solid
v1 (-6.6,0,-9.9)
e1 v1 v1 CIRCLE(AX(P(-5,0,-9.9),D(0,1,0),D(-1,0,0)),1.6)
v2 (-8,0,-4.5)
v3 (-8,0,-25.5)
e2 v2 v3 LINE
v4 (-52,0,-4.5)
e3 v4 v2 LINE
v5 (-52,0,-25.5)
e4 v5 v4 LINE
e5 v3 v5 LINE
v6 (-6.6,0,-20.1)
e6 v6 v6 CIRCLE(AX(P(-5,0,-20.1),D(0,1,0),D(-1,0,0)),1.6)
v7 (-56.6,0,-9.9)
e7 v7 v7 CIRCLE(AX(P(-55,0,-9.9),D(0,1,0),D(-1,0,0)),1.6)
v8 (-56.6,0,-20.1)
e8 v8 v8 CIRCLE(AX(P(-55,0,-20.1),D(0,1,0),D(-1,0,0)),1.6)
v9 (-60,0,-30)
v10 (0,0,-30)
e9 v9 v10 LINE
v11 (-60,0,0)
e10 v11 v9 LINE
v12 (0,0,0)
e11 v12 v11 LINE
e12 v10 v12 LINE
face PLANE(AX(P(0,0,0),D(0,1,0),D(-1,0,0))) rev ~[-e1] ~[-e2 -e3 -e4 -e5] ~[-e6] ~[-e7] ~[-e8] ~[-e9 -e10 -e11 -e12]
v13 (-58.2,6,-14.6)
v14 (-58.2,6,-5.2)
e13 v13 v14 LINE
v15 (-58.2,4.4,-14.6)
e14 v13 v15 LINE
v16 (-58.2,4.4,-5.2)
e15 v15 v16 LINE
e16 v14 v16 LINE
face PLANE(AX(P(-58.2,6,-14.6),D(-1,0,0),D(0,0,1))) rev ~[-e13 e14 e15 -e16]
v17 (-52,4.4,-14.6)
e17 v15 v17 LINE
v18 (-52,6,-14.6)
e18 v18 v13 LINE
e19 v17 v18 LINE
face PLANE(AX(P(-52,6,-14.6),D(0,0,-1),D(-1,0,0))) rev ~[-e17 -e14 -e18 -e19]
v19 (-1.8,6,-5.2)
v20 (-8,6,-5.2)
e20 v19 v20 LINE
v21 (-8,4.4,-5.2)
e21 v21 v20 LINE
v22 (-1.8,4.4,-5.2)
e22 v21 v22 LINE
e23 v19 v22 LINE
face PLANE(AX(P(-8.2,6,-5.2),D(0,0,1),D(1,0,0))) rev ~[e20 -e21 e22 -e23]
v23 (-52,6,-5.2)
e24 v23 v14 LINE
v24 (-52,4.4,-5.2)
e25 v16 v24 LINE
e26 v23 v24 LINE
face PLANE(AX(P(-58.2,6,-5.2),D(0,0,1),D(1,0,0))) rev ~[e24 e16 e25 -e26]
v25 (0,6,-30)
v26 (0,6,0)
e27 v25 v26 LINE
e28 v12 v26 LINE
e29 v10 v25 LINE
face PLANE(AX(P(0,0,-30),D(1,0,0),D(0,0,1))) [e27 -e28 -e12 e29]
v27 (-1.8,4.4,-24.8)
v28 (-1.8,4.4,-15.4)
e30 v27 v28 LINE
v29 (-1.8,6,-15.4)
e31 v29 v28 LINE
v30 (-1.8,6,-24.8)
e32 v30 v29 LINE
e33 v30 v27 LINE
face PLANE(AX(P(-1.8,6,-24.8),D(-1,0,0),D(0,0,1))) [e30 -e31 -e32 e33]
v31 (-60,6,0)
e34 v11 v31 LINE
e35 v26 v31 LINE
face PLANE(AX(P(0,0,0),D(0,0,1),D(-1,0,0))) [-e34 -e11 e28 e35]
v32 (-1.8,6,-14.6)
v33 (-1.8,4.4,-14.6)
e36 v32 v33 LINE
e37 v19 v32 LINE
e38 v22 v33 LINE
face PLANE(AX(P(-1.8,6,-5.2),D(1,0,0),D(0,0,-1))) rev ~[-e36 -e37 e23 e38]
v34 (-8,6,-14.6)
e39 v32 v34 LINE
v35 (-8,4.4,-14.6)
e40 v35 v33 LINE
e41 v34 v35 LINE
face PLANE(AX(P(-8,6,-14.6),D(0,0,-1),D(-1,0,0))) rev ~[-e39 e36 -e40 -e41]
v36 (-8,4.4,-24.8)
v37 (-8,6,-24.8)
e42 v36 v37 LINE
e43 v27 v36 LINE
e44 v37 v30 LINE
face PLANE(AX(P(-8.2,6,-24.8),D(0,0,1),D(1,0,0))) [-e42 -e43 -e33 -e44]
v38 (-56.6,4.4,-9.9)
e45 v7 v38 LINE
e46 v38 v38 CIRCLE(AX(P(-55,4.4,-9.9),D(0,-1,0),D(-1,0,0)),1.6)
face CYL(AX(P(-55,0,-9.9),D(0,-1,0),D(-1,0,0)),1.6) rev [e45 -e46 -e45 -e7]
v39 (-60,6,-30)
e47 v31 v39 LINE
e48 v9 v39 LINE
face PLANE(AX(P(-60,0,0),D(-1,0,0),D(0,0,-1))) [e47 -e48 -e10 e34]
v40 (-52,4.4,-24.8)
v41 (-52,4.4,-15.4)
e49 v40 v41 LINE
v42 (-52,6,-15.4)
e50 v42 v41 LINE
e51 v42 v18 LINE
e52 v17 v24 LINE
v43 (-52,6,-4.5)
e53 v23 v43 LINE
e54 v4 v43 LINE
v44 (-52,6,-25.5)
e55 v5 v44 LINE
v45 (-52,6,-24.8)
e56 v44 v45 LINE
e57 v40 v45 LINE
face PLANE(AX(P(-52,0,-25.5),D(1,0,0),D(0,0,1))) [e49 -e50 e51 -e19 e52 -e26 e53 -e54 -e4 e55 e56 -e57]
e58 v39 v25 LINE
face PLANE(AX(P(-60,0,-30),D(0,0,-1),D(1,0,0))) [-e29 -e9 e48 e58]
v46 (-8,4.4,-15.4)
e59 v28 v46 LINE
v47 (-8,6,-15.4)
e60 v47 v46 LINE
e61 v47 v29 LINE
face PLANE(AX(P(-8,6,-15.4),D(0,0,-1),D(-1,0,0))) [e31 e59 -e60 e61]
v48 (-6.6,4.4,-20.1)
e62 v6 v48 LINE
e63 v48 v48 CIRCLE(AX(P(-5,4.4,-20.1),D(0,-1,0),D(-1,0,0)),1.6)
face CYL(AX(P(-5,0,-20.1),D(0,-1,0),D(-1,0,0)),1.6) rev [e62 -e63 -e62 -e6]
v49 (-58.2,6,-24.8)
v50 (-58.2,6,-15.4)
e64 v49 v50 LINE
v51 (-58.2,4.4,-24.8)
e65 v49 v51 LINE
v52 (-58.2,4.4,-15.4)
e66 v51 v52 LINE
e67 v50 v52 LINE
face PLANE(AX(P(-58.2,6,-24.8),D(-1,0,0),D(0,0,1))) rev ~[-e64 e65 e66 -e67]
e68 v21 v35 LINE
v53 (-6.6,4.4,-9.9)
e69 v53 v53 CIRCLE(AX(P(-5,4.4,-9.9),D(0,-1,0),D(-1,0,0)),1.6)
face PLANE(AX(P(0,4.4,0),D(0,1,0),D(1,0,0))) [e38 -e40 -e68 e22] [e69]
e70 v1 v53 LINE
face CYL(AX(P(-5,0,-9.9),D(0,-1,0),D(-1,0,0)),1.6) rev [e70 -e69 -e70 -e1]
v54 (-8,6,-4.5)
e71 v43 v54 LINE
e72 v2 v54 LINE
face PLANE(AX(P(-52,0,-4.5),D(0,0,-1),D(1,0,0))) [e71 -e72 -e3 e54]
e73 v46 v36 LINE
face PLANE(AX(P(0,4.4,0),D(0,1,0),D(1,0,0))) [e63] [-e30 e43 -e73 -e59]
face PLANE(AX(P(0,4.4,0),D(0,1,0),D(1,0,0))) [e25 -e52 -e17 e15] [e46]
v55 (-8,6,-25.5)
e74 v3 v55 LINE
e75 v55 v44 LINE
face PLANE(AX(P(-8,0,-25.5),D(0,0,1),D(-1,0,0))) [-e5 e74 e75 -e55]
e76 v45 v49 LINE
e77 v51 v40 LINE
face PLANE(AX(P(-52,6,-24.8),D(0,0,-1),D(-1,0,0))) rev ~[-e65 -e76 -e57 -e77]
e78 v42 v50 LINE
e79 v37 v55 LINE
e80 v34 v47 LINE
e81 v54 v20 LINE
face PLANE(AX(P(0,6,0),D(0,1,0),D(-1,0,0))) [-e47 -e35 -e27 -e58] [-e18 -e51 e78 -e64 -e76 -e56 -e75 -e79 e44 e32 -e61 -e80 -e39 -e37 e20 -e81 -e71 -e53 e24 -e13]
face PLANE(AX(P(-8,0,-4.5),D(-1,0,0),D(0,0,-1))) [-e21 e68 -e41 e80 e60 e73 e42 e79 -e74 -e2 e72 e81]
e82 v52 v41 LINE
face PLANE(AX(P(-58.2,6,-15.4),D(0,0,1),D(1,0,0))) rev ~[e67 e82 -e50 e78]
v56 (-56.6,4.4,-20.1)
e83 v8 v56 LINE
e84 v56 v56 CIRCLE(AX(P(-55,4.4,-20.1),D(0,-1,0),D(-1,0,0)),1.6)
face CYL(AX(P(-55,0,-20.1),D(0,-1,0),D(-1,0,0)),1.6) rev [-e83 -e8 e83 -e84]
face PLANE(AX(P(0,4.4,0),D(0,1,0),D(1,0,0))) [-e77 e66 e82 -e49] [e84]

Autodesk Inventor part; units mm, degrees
ref_plane "YZ Plane" through (0, 0, 0) normal (1, 0, 0) x (0, 1, 0)
ref_plane "XZ Plane" through (0, 0, 0) normal (0, 1, 0) x (-1, 0, 0)
ref_plane "XY Plane" through (0, 0, 0) normal (0, 0, 1) x (1, 0, 0)
sketch "Sketch1" plane through (0, 0, 0) normal (0, 1, 0) x (-1, 0, 0)
  line L0 (0, 0) -> (60, 0)
  line L1 (60, 0) -> (60, -30)
  line L2 (60, -30) -> (0, -30)
  line L3 (0, -30) -> (0, 0)
  line L4 (52, -4.5) -> (8, -4.5)
  line L5 (8, -4.5) -> (8, -25.5)
  line L6 (8, -25.5) -> (52, -25.5)
  line L7 (52, -25.5) -> (52, -4.5)
  circle A0 centre (55, -9.9) radius 1.6
  circle A1 centre (55, -20.1) radius 1.6
  circle A2 centre (5, -9.9) radius 1.6
  circle A3 centre (5, -20.1) radius 1.6
  dimension "d0" = 60
  dimension "d1" = 30
  dimension "d2" = 44
  dimension "d3" = 21
  dimension "d4" = 8
  dimension "d5" = 4.5
  dimension "d6" = 3.2
  dimension "d7" = 3.2
  dimension "d8" = 5.4
  dimension "d9" = 3
  dimension "d10" = 3
  dimension "d11" = 5.4
  dimension "d12" = 3.2
  dimension "d13" = 3.2
  dimension "d15" = 5.4
  dimension "d16" = 5.4
  dimension "d47" = 3
  dimension "d48" = 3
extrude "Extrusion1" add sketch "Sketch1" along normal blind 6
sketch "Sketch2" plane through (0, 6, 0) normal (0, 1, 0) x (1, 0, 0)
  line L0 (-8.2, 24.8) -> (-1.8, 24.8)
  line L1 (-1.8, 24.8) -> (-1.8, 15.4)
  line L2 (-1.8, 15.4) -> (-8.2, 15.4)
  line L3 (-8.2, 15.4) -> (-8.2, 24.8)
  line L4 (-8.2, 5.2) -> (-1.8, 5.2)
  line L5 (-1.8, 5.2) -> (-1.8, 14.6)
  line L6 (-1.8, 14.6) -> (-8.2, 14.6)
  line L7 (-8.2, 14.6) -> (-8.2, 5.2)
  line L8 (0, 0) -> (0, 30) projected
  line L9 (-60, 0) -> (0, 0) projected
  line L10 (-58.2, 5.2) -> (-51.8, 5.2)
  line L11 (-51.8, 5.2) -> (-51.8, 14.6)
  line L12 (-51.8, 14.6) -> (-58.2, 14.6)
  line L13 (-58.2, 14.6) -> (-58.2, 5.2)
  line L14 (-58.2, 15.4) -> (-51.8, 15.4)
  line L15 (-51.8, 15.4) -> (-51.8, 24.8)
  line L16 (-51.8, 24.8) -> (-58.2, 24.8)
  line L17 (-58.2, 24.8) -> (-58.2, 15.4)
  line L18 (-60, 0) -> (-60, 30) projected
  circle A0 centre (-55, 20.1) radius 1.6 projected
  circle A1 centre (-55, 9.9) radius 1.6 projected
  circle A2 centre (-5, 20.1) radius 1.6 projected
  circle A3 centre (-5, 9.9) radius 1.6 projected
  line L19 (-52, 4.5) -> (-52, 25.5) projected
  line L20 (-52, 25.5) -> (-8, 25.5) projected
  line L21 (-8, 25.5) -> (-8, 4.5) projected
  line L22 (-8, 4.5) -> (-52, 4.5) projected
  circle A4 centre (-5, 20.1) radius 1.6 projected
  circle A5 centre (-5, 9.9) radius 1.6 projected
  circle A6 centre (-55, 20.1) radius 1.6 projected
  circle A7 centre (-55, 9.9) radius 1.6 projected
  line L23 (-60, 0) -> (0, 0) projected
  line L24 (0, 0) -> (0, 30) projected
  line L25 (0, 30) -> (-60, 30) projected
  line L26 (-60, 30) -> (-60, 0) projected
  dimension "d32" = 6.4
  dimension "d37" = 6.4
  dimension "d38" = 9.4
  dimension "d49" = 9.4
  dimension "d50" = 9.4
  dimension "d51" = 9.4
  dimension "d52" = 6.4
  dimension "d53" = 6.4
  dimension "d54" = 4.7
  dimension "d55" = 4.7
  dimension "d56" = 3.2
  dimension "d57" = 3.2
  dimension "d58" = 4.7
  dimension "d60" = 3.2
  dimension "d61" = 3.2
  dimension "d62" = 4.7
extrude "Extrusion2" cut sketch "Sketch2" against normal blind 1.6 contours L0 L21 L2 L3 | L0 L1 L2 L21 | L21 L4 L7 L6 | L6 L5 L4 L21 | L19 L14 L17 L16 | L16 L15 L14 L19 | L19 L10 L13 L12 | L12 L11 L10 L19 | A0 | A1 | A2 | A3
properties part number "servoHolderTest1"
